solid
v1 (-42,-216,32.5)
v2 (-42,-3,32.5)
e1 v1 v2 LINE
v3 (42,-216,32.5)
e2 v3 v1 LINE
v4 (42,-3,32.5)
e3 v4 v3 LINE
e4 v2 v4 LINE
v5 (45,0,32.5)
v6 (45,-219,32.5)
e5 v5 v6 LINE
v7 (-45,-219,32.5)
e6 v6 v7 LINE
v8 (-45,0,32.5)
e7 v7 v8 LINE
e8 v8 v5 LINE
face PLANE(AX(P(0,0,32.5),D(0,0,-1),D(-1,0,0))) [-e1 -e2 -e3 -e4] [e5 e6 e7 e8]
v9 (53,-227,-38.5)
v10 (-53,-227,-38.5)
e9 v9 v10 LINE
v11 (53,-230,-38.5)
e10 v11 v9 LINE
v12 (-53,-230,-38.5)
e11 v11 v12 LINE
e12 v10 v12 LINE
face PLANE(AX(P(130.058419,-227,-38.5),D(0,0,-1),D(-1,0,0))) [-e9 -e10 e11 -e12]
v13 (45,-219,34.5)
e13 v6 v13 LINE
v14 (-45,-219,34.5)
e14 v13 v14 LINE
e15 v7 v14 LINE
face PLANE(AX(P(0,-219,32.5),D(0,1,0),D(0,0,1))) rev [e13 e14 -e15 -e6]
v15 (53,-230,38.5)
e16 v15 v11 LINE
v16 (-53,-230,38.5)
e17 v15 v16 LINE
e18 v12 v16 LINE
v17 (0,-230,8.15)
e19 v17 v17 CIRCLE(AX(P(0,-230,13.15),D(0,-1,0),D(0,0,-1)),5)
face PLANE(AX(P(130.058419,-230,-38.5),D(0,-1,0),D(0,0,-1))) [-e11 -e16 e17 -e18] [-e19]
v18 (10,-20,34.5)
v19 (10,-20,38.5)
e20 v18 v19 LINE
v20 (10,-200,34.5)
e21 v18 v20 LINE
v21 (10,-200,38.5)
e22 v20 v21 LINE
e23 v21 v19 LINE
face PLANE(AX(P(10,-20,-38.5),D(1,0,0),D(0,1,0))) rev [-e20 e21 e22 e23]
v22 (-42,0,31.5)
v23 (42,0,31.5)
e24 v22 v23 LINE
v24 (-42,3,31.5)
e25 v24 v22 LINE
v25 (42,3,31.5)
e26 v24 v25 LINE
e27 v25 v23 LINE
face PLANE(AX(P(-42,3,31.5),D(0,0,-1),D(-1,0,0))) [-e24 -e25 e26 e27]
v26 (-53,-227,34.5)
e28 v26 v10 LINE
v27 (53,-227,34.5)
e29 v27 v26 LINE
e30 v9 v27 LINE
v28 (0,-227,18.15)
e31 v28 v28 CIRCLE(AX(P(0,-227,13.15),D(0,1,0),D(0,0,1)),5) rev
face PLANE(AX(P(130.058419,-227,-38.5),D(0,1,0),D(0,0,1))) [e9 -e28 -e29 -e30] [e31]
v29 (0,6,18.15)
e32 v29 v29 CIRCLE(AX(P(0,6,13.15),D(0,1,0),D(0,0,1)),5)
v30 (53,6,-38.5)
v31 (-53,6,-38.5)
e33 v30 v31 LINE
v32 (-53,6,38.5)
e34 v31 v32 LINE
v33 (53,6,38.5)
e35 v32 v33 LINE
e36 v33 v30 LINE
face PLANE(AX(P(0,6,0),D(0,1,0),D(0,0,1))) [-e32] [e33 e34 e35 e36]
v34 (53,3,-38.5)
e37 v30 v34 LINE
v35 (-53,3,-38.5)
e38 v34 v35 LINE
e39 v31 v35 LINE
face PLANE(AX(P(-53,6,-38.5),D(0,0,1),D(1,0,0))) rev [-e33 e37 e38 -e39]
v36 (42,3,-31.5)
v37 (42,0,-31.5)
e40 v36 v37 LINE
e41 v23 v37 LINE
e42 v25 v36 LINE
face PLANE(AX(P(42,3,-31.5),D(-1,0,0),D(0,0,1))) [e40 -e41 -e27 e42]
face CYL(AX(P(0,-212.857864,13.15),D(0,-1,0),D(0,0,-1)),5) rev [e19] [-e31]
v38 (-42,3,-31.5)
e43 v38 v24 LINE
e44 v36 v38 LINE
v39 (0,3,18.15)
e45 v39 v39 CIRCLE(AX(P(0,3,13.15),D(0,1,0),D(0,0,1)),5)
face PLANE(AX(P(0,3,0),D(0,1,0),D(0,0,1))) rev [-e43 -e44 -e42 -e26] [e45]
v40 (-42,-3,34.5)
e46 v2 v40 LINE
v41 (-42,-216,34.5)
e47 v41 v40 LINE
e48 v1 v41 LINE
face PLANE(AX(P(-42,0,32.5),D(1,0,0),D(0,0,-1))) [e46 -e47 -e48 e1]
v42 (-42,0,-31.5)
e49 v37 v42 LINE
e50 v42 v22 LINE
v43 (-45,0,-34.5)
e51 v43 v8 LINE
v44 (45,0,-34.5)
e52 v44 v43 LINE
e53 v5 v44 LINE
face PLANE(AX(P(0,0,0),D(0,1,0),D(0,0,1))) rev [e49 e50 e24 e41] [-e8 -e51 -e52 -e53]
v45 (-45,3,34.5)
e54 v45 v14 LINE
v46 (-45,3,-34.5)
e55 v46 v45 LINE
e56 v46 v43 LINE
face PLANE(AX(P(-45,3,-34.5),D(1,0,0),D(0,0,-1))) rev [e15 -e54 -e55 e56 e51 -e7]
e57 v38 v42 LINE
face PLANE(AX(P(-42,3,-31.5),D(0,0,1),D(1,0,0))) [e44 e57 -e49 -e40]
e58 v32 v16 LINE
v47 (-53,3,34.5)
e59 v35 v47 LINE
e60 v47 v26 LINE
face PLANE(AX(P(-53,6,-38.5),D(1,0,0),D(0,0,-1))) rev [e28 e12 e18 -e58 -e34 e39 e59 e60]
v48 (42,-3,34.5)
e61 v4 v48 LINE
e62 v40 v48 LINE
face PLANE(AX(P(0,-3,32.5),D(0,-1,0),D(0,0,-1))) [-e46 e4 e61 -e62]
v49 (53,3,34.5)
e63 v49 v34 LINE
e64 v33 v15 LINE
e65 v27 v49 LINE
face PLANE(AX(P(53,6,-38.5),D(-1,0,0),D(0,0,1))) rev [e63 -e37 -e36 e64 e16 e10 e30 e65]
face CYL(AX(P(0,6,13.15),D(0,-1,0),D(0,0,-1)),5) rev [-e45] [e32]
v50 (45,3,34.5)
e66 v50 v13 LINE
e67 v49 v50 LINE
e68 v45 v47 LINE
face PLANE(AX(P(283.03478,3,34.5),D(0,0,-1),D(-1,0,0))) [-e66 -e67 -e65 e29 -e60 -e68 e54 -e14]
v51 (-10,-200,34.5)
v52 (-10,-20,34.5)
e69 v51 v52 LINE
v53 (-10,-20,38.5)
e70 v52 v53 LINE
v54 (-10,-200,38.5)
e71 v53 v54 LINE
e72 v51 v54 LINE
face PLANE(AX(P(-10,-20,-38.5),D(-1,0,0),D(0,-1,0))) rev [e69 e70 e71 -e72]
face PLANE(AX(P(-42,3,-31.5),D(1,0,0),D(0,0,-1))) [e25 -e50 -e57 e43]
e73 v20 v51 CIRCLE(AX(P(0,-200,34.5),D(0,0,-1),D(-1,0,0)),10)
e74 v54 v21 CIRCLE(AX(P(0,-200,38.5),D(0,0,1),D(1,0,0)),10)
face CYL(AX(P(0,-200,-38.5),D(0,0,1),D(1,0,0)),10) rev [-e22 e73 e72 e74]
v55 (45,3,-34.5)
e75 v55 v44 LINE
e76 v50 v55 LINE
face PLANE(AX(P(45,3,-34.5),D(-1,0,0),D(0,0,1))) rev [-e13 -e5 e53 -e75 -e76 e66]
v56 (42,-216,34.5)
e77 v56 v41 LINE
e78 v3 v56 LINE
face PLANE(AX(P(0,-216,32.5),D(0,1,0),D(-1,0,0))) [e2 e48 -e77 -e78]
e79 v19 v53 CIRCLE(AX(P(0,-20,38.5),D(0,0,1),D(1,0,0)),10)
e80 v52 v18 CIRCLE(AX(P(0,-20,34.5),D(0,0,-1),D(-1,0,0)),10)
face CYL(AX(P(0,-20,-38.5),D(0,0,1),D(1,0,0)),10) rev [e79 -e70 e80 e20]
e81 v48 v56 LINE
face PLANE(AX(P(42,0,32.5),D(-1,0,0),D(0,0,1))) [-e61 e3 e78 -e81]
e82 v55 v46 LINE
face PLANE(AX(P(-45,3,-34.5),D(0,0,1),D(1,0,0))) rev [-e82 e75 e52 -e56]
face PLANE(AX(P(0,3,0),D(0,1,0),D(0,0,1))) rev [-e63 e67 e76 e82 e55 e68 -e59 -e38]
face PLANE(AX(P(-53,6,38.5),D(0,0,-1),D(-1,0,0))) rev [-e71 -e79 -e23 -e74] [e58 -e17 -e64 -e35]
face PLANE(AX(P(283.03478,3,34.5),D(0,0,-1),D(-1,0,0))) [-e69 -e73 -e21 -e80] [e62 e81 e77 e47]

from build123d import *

# Parameters (mm, degrees)
SKETCH1_W           = 90
SKETCH1_H           = 69
SKETCH1_W_2         = 84
SKETCH1_H_2         = 63
BOSS_EXTRUDE1_DEPTH = 3
SKETCH2_W           = 106
SKETCH2_H           = 77
SKETCH2_R           = 5
BOSS_EXTRUDE3_DEPTH = 3
SKETCH3_W           = 230
SKETCH3_H           = 4
BOSS_EXTRUDE4_DEPTH = 106
SKETCH4_W           = 90
SKETCH4_H           = 219
SKETCH4_W_2         = 84
SKETCH4_H_2         = 213
BOSS_EXTRUDE5_DEPTH = 2
SKETCH5_W           = 3
SKETCH5_H           = 77
BOSS_EXTRUDE6_DEPTH = 106
SKETCH6_R           = 5
CUT_EXTRUDE1_DEPTH  = 3
CUT_EXTRUDE2_DEPTH  = 249.270014299


with BuildPart() as part:
    # Sketch1 → Boss-Extrude1 (new body)
    with BuildSketch(Plane(origin=(0, 0, 0), x_dir=(1, 0, 0), z_dir=(0, 1, 0))):
        Rectangle(SKETCH1_W, SKETCH1_H)
        Rectangle(SKETCH1_W_2, SKETCH1_H_2, mode=Mode.SUBTRACT)
    extrude(amount=BOSS_EXTRUDE1_DEPTH)

    # Sketch2 → Boss-Extrude3 (add)
    with BuildSketch(Plane(origin=(0, 3, 0), x_dir=(1, 0, 0), z_dir=(0, 1, 0))):
        Rectangle(SKETCH2_W, SKETCH2_H)
        with Locations(Location((0, -13.15, 0), (0, 0, 270))):
            Circle(SKETCH2_R, mode=Mode.SUBTRACT)
    extrude(amount=BOSS_EXTRUDE3_DEPTH)

    # Sketch3 → Boss-Extrude4 (add)
    with BuildSketch(Plane(origin=(-53, 0, 0), x_dir=(0, -1, 0), z_dir=(-1, 0, 0))):
        with Locations((112, 36.5)):
            Rectangle(SKETCH3_W, SKETCH3_H)
    extrude(amount=-BOSS_EXTRUDE4_DEPTH)

    # Sketch4 → Boss-Extrude5 (add)
    with BuildSketch(Plane(origin=(0, 0, 34.5), x_dir=(1, 0, 0), z_dir=(0, 0, -1))):
        with Locations((0, 109.5)):
            Rectangle(SKETCH4_W, SKETCH4_H)
        with Locations((0, 109.5)):
            Rectangle(SKETCH4_W_2, SKETCH4_H_2, mode=Mode.SUBTRACT)
    extrude(amount=BOSS_EXTRUDE5_DEPTH)

    # Sketch5 → Boss-Extrude6 (add)
    with BuildSketch(Plane(origin=(-53, 0, 0), x_dir=(0, -1, 0), z_dir=(-1, 0, 0))):
        with Locations((228.5, 0)):
            Rectangle(SKETCH5_W, SKETCH5_H)
    extrude(amount=-BOSS_EXTRUDE6_DEPTH)

    # Sketch6 → Cut-Extrude1 (cut)
    with BuildSketch(Plane.XZ.offset(230)):
        with Locations(Location((0, 13.15, 0), (0, 0, 90))):
            Circle(SKETCH6_R)
    extrude(amount=-CUT_EXTRUDE1_DEPTH, mode=Mode.SUBTRACT)

    # Sketch7 → Cut-Extrude2 (cut, through all)
    with BuildSketch(Plane.XY.offset(38.5)):
        with BuildLine():
            Line((10, -20), (10, -200))
            ThreePointArc((10, -200), (0, -210), (-10, -200))
            Line((-10, -200), (-10, -20))
            ThreePointArc((-10, -20), (0, -10), (10, -20))
        make_face()
    extrude(amount=-CUT_EXTRUDE2_DEPTH, mode=Mode.SUBTRACT)


solid = part.part
